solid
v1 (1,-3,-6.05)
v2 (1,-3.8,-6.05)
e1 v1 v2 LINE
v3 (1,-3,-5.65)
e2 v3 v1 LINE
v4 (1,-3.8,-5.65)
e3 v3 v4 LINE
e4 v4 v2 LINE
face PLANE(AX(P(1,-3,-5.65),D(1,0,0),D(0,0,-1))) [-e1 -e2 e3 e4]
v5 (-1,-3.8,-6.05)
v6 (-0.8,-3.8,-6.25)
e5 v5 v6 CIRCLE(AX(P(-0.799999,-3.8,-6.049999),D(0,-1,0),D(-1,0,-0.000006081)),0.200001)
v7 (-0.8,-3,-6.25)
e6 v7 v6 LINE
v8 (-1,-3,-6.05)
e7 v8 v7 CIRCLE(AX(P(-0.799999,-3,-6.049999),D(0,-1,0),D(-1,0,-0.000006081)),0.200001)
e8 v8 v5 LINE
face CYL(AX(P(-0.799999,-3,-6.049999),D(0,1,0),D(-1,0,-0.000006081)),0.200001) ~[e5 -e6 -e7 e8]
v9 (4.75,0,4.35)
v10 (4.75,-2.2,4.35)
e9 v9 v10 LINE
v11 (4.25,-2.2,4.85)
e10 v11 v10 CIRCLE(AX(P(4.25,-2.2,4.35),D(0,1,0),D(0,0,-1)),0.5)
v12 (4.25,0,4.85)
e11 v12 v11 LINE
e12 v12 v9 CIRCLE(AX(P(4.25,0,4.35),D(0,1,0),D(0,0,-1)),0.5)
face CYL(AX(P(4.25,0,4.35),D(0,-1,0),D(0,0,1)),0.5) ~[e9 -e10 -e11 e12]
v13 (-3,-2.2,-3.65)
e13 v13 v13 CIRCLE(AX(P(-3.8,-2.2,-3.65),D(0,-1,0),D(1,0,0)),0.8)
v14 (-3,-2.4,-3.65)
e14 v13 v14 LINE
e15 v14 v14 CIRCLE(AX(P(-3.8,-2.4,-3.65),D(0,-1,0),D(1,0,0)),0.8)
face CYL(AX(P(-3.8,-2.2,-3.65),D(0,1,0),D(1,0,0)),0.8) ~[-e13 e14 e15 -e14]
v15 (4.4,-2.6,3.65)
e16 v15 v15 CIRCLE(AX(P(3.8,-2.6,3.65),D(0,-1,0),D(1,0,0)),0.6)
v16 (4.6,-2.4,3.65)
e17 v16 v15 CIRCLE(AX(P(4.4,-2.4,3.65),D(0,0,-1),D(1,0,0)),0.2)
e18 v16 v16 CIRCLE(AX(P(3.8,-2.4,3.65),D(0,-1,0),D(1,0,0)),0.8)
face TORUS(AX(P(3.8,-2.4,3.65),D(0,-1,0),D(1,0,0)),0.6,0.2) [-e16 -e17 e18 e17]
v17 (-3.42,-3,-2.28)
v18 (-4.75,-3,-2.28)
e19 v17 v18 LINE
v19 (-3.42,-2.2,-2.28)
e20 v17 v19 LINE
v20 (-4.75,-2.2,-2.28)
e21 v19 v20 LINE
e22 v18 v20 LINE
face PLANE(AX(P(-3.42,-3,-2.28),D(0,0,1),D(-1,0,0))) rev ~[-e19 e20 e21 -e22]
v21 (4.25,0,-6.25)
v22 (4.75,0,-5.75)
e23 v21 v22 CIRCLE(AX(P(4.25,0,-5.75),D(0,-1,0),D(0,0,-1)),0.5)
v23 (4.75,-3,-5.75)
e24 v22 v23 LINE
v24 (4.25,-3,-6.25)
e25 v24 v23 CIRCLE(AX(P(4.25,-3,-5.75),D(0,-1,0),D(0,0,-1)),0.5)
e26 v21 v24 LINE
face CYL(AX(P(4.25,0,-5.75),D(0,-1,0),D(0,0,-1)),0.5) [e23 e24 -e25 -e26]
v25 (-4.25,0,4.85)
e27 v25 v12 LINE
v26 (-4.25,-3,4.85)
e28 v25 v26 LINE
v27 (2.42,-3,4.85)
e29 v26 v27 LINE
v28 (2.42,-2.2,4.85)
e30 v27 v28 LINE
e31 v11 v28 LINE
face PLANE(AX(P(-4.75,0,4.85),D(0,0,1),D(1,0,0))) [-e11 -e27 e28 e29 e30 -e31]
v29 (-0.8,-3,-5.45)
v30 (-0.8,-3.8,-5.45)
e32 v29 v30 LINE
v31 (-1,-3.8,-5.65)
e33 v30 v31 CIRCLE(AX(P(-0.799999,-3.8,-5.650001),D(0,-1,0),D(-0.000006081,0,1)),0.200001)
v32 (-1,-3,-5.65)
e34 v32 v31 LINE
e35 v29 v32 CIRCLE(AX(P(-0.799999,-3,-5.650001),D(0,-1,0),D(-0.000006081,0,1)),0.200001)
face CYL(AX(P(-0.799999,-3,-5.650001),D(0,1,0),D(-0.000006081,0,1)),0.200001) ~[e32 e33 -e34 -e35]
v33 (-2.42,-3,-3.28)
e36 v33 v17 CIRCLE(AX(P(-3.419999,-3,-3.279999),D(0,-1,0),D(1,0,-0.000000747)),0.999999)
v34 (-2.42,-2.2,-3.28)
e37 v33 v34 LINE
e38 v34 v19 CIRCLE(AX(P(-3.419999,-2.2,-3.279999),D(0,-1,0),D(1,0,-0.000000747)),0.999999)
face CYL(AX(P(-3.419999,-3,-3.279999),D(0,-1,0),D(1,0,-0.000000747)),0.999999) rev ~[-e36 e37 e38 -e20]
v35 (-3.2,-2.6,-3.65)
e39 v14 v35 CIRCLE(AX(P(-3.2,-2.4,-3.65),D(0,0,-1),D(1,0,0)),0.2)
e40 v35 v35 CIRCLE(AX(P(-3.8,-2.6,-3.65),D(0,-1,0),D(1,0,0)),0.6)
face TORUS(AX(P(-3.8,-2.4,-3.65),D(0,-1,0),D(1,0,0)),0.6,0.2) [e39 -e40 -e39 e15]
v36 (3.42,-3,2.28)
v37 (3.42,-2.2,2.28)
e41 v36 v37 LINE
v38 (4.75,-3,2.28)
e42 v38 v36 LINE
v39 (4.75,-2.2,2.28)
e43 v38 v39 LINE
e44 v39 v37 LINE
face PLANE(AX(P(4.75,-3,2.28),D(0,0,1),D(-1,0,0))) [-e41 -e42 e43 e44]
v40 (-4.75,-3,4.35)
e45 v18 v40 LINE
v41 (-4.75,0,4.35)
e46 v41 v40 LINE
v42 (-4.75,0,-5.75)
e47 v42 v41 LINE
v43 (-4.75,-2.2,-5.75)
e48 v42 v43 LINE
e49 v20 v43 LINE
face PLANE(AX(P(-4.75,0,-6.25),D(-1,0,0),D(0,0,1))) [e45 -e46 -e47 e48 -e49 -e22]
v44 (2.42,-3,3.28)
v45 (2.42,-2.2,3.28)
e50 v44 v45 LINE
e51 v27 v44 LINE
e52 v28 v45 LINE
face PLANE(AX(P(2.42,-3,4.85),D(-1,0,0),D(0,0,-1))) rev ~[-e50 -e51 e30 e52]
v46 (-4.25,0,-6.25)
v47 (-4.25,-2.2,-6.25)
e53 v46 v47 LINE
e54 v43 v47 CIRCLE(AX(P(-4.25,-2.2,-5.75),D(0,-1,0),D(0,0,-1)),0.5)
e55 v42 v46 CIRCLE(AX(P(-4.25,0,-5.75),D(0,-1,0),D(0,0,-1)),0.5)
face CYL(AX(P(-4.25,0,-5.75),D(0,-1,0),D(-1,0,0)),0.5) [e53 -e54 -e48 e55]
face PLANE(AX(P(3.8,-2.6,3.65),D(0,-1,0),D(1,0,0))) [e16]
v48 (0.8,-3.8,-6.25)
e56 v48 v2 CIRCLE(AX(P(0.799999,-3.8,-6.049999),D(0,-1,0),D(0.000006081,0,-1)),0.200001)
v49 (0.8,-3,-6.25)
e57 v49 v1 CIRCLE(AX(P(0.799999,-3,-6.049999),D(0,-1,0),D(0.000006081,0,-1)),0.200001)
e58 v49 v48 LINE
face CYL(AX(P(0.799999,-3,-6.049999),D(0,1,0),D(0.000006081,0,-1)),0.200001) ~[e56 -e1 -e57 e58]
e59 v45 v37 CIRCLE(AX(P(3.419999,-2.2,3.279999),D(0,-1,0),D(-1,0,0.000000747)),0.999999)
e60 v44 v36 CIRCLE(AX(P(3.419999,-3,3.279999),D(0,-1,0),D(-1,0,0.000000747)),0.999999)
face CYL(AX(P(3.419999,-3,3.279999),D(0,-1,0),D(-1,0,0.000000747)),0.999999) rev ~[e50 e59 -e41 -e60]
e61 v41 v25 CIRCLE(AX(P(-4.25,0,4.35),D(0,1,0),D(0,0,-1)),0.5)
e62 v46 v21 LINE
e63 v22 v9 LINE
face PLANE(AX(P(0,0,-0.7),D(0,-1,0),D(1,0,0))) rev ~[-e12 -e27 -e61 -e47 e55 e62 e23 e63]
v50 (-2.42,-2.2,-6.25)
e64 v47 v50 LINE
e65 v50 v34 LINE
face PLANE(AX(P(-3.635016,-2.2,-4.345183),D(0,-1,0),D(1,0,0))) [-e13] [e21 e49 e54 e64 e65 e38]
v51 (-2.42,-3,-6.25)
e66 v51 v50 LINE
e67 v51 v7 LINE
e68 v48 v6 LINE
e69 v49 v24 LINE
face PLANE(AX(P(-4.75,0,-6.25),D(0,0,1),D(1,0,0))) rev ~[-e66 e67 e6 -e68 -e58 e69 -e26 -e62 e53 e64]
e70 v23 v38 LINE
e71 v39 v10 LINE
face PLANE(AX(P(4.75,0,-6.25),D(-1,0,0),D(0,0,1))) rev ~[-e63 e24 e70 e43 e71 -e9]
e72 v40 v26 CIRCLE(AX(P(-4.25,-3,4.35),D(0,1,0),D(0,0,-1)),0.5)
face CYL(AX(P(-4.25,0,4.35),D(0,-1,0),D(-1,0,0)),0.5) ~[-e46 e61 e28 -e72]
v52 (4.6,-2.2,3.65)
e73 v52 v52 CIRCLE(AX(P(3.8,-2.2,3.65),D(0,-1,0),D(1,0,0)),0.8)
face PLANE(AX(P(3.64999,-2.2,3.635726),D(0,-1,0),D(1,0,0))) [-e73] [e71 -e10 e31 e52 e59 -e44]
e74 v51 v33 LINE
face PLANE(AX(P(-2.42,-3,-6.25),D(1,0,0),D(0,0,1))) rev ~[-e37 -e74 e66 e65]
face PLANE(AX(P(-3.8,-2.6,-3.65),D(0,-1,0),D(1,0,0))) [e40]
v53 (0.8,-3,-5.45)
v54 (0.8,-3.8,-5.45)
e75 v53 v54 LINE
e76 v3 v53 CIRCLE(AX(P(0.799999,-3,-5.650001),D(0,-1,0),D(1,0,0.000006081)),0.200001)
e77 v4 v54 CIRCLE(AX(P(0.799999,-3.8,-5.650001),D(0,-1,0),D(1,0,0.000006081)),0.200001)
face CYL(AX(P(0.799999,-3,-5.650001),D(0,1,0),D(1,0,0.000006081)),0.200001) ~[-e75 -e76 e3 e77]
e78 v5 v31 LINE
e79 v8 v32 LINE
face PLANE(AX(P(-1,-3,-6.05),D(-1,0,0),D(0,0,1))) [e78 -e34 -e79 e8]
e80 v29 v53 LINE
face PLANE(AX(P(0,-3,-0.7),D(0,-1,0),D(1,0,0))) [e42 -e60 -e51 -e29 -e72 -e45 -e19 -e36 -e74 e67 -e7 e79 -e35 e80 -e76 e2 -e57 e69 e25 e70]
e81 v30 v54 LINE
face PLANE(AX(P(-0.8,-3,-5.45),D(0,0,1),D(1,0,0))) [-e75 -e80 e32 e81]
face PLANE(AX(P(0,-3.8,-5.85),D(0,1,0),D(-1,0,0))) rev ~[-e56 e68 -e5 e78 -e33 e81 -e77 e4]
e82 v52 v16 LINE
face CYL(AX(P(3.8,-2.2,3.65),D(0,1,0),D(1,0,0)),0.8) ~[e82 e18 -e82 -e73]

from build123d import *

# Parameters (mm, degrees)
SKETCH_W     = 9.5
SKETCH_H     = 11.1
PAD_DEPTH    = 3
POCKET_DEPTH = 0.8
SKETCH002_R  = 0.8
PAD001_DEPTH = 0.4
SKETCH003_R  = 0.8
PAD002_DEPTH = 0.4
FILLET_R     = 0.2
FILLET001_R  = 0.5
PAD003_DEPTH = 0.8


with BuildPart() as part:
    # Sketch → Pad (new body)
    with BuildSketch(Plane.XZ):
        with Locations((0, -0.7)):
            Rectangle(SKETCH_W, SKETCH_H)
    extrude(amount=PAD_DEPTH)

    # Sketch001 (on Face6 of Pad) → Pocket (cut)
    with BuildSketch(Plane.XZ.offset(3)):
        with BuildLine():
            Line((-3.42, -2.28), (-4.75, -2.28))
            Line((-4.75, -2.28), (-4.75, -6.25))
            Line((-4.75, -6.25), (-2.42, -6.25))
            Line((-2.42, -6.25), (-2.42, -3.28))
            ThreePointArc((-2.42, -3.28), (-2.712893, -2.572893), (-3.42, -2.28))
        make_face()
        with BuildLine():
            Line((4.75, 2.28), (4.75, 4.85))
            Line((4.75, 4.85), (2.42, 4.85))
            Line((2.42, 4.85), (2.42, 3.28))
            ThreePointArc((2.42, 3.28), (2.712893, 2.572893), (3.42, 2.28))
            Line((4.75, 2.28), (3.42, 2.28))
        make_face()
    extrude(amount=-POCKET_DEPTH, mode=Mode.SUBTRACT)

    # Sketch002 (on Face14 of Pocket) → Pad001 (join)
    with BuildSketch(Plane.XZ.offset(2.2)):
        with Locations((-3.8, -3.65)):
            Circle(SKETCH002_R)
    extrude(amount=PAD001_DEPTH)

    # Sketch003 (on Face4 of Pad001) → Pad002 (join)
    with BuildSketch(Plane.XZ.offset(2.2)):
        with Locations((3.8, 3.65)):
            Circle(SKETCH003_R)
    extrude(amount=PAD002_DEPTH)

    # Fillet
    fillet_edges = [part.edges().sort_by_distance(p)[0] for p in [
        (-4.6, -2.6, -3.65),
        (3, -2.6, 3.65),
    ]]
    fillet(fillet_edges, radius=FILLET_R)

    # Fillet001
    fillet001_edges = [part.edges().sort_by_distance(p)[0] for p in [
        (4.75, -1.1, 4.85),
        (-4.75, -1.5, 4.85),
        (-4.75, -1.1, -6.25),
        (4.75, -1.5, -6.25),
    ]]
    fillet(fillet001_edges, radius=FILLET001_R)

    # Sketch005 (on Face11 of Fillet001) → Pad003 (join)
    with BuildSketch(Plane.XZ.offset(3)):
        with BuildLine():
            Line((-0.8, -5.45), (0.8, -5.45))
            ThreePointArc((1, -5.65), (0.941421, -5.508579), (0.8, -5.45))
            Line((1, -5.65), (1, -6.05))
            ThreePointArc((0.8, -6.25), (0.941421, -6.191421), (1, -6.05))
            Line((0.8, -6.25), (-0.8, -6.25))
            ThreePointArc((-1, -6.05), (-0.941421, -6.191421), (-0.8, -6.25))
            Line((-1, -6.05), (-1, -5.65))
            ThreePointArc((-0.8, -5.45), (-0.941421, -5.508579), (-1, -5.65))
        make_face()
    extrude(amount=PAD003_DEPTH)


solid = part.part
